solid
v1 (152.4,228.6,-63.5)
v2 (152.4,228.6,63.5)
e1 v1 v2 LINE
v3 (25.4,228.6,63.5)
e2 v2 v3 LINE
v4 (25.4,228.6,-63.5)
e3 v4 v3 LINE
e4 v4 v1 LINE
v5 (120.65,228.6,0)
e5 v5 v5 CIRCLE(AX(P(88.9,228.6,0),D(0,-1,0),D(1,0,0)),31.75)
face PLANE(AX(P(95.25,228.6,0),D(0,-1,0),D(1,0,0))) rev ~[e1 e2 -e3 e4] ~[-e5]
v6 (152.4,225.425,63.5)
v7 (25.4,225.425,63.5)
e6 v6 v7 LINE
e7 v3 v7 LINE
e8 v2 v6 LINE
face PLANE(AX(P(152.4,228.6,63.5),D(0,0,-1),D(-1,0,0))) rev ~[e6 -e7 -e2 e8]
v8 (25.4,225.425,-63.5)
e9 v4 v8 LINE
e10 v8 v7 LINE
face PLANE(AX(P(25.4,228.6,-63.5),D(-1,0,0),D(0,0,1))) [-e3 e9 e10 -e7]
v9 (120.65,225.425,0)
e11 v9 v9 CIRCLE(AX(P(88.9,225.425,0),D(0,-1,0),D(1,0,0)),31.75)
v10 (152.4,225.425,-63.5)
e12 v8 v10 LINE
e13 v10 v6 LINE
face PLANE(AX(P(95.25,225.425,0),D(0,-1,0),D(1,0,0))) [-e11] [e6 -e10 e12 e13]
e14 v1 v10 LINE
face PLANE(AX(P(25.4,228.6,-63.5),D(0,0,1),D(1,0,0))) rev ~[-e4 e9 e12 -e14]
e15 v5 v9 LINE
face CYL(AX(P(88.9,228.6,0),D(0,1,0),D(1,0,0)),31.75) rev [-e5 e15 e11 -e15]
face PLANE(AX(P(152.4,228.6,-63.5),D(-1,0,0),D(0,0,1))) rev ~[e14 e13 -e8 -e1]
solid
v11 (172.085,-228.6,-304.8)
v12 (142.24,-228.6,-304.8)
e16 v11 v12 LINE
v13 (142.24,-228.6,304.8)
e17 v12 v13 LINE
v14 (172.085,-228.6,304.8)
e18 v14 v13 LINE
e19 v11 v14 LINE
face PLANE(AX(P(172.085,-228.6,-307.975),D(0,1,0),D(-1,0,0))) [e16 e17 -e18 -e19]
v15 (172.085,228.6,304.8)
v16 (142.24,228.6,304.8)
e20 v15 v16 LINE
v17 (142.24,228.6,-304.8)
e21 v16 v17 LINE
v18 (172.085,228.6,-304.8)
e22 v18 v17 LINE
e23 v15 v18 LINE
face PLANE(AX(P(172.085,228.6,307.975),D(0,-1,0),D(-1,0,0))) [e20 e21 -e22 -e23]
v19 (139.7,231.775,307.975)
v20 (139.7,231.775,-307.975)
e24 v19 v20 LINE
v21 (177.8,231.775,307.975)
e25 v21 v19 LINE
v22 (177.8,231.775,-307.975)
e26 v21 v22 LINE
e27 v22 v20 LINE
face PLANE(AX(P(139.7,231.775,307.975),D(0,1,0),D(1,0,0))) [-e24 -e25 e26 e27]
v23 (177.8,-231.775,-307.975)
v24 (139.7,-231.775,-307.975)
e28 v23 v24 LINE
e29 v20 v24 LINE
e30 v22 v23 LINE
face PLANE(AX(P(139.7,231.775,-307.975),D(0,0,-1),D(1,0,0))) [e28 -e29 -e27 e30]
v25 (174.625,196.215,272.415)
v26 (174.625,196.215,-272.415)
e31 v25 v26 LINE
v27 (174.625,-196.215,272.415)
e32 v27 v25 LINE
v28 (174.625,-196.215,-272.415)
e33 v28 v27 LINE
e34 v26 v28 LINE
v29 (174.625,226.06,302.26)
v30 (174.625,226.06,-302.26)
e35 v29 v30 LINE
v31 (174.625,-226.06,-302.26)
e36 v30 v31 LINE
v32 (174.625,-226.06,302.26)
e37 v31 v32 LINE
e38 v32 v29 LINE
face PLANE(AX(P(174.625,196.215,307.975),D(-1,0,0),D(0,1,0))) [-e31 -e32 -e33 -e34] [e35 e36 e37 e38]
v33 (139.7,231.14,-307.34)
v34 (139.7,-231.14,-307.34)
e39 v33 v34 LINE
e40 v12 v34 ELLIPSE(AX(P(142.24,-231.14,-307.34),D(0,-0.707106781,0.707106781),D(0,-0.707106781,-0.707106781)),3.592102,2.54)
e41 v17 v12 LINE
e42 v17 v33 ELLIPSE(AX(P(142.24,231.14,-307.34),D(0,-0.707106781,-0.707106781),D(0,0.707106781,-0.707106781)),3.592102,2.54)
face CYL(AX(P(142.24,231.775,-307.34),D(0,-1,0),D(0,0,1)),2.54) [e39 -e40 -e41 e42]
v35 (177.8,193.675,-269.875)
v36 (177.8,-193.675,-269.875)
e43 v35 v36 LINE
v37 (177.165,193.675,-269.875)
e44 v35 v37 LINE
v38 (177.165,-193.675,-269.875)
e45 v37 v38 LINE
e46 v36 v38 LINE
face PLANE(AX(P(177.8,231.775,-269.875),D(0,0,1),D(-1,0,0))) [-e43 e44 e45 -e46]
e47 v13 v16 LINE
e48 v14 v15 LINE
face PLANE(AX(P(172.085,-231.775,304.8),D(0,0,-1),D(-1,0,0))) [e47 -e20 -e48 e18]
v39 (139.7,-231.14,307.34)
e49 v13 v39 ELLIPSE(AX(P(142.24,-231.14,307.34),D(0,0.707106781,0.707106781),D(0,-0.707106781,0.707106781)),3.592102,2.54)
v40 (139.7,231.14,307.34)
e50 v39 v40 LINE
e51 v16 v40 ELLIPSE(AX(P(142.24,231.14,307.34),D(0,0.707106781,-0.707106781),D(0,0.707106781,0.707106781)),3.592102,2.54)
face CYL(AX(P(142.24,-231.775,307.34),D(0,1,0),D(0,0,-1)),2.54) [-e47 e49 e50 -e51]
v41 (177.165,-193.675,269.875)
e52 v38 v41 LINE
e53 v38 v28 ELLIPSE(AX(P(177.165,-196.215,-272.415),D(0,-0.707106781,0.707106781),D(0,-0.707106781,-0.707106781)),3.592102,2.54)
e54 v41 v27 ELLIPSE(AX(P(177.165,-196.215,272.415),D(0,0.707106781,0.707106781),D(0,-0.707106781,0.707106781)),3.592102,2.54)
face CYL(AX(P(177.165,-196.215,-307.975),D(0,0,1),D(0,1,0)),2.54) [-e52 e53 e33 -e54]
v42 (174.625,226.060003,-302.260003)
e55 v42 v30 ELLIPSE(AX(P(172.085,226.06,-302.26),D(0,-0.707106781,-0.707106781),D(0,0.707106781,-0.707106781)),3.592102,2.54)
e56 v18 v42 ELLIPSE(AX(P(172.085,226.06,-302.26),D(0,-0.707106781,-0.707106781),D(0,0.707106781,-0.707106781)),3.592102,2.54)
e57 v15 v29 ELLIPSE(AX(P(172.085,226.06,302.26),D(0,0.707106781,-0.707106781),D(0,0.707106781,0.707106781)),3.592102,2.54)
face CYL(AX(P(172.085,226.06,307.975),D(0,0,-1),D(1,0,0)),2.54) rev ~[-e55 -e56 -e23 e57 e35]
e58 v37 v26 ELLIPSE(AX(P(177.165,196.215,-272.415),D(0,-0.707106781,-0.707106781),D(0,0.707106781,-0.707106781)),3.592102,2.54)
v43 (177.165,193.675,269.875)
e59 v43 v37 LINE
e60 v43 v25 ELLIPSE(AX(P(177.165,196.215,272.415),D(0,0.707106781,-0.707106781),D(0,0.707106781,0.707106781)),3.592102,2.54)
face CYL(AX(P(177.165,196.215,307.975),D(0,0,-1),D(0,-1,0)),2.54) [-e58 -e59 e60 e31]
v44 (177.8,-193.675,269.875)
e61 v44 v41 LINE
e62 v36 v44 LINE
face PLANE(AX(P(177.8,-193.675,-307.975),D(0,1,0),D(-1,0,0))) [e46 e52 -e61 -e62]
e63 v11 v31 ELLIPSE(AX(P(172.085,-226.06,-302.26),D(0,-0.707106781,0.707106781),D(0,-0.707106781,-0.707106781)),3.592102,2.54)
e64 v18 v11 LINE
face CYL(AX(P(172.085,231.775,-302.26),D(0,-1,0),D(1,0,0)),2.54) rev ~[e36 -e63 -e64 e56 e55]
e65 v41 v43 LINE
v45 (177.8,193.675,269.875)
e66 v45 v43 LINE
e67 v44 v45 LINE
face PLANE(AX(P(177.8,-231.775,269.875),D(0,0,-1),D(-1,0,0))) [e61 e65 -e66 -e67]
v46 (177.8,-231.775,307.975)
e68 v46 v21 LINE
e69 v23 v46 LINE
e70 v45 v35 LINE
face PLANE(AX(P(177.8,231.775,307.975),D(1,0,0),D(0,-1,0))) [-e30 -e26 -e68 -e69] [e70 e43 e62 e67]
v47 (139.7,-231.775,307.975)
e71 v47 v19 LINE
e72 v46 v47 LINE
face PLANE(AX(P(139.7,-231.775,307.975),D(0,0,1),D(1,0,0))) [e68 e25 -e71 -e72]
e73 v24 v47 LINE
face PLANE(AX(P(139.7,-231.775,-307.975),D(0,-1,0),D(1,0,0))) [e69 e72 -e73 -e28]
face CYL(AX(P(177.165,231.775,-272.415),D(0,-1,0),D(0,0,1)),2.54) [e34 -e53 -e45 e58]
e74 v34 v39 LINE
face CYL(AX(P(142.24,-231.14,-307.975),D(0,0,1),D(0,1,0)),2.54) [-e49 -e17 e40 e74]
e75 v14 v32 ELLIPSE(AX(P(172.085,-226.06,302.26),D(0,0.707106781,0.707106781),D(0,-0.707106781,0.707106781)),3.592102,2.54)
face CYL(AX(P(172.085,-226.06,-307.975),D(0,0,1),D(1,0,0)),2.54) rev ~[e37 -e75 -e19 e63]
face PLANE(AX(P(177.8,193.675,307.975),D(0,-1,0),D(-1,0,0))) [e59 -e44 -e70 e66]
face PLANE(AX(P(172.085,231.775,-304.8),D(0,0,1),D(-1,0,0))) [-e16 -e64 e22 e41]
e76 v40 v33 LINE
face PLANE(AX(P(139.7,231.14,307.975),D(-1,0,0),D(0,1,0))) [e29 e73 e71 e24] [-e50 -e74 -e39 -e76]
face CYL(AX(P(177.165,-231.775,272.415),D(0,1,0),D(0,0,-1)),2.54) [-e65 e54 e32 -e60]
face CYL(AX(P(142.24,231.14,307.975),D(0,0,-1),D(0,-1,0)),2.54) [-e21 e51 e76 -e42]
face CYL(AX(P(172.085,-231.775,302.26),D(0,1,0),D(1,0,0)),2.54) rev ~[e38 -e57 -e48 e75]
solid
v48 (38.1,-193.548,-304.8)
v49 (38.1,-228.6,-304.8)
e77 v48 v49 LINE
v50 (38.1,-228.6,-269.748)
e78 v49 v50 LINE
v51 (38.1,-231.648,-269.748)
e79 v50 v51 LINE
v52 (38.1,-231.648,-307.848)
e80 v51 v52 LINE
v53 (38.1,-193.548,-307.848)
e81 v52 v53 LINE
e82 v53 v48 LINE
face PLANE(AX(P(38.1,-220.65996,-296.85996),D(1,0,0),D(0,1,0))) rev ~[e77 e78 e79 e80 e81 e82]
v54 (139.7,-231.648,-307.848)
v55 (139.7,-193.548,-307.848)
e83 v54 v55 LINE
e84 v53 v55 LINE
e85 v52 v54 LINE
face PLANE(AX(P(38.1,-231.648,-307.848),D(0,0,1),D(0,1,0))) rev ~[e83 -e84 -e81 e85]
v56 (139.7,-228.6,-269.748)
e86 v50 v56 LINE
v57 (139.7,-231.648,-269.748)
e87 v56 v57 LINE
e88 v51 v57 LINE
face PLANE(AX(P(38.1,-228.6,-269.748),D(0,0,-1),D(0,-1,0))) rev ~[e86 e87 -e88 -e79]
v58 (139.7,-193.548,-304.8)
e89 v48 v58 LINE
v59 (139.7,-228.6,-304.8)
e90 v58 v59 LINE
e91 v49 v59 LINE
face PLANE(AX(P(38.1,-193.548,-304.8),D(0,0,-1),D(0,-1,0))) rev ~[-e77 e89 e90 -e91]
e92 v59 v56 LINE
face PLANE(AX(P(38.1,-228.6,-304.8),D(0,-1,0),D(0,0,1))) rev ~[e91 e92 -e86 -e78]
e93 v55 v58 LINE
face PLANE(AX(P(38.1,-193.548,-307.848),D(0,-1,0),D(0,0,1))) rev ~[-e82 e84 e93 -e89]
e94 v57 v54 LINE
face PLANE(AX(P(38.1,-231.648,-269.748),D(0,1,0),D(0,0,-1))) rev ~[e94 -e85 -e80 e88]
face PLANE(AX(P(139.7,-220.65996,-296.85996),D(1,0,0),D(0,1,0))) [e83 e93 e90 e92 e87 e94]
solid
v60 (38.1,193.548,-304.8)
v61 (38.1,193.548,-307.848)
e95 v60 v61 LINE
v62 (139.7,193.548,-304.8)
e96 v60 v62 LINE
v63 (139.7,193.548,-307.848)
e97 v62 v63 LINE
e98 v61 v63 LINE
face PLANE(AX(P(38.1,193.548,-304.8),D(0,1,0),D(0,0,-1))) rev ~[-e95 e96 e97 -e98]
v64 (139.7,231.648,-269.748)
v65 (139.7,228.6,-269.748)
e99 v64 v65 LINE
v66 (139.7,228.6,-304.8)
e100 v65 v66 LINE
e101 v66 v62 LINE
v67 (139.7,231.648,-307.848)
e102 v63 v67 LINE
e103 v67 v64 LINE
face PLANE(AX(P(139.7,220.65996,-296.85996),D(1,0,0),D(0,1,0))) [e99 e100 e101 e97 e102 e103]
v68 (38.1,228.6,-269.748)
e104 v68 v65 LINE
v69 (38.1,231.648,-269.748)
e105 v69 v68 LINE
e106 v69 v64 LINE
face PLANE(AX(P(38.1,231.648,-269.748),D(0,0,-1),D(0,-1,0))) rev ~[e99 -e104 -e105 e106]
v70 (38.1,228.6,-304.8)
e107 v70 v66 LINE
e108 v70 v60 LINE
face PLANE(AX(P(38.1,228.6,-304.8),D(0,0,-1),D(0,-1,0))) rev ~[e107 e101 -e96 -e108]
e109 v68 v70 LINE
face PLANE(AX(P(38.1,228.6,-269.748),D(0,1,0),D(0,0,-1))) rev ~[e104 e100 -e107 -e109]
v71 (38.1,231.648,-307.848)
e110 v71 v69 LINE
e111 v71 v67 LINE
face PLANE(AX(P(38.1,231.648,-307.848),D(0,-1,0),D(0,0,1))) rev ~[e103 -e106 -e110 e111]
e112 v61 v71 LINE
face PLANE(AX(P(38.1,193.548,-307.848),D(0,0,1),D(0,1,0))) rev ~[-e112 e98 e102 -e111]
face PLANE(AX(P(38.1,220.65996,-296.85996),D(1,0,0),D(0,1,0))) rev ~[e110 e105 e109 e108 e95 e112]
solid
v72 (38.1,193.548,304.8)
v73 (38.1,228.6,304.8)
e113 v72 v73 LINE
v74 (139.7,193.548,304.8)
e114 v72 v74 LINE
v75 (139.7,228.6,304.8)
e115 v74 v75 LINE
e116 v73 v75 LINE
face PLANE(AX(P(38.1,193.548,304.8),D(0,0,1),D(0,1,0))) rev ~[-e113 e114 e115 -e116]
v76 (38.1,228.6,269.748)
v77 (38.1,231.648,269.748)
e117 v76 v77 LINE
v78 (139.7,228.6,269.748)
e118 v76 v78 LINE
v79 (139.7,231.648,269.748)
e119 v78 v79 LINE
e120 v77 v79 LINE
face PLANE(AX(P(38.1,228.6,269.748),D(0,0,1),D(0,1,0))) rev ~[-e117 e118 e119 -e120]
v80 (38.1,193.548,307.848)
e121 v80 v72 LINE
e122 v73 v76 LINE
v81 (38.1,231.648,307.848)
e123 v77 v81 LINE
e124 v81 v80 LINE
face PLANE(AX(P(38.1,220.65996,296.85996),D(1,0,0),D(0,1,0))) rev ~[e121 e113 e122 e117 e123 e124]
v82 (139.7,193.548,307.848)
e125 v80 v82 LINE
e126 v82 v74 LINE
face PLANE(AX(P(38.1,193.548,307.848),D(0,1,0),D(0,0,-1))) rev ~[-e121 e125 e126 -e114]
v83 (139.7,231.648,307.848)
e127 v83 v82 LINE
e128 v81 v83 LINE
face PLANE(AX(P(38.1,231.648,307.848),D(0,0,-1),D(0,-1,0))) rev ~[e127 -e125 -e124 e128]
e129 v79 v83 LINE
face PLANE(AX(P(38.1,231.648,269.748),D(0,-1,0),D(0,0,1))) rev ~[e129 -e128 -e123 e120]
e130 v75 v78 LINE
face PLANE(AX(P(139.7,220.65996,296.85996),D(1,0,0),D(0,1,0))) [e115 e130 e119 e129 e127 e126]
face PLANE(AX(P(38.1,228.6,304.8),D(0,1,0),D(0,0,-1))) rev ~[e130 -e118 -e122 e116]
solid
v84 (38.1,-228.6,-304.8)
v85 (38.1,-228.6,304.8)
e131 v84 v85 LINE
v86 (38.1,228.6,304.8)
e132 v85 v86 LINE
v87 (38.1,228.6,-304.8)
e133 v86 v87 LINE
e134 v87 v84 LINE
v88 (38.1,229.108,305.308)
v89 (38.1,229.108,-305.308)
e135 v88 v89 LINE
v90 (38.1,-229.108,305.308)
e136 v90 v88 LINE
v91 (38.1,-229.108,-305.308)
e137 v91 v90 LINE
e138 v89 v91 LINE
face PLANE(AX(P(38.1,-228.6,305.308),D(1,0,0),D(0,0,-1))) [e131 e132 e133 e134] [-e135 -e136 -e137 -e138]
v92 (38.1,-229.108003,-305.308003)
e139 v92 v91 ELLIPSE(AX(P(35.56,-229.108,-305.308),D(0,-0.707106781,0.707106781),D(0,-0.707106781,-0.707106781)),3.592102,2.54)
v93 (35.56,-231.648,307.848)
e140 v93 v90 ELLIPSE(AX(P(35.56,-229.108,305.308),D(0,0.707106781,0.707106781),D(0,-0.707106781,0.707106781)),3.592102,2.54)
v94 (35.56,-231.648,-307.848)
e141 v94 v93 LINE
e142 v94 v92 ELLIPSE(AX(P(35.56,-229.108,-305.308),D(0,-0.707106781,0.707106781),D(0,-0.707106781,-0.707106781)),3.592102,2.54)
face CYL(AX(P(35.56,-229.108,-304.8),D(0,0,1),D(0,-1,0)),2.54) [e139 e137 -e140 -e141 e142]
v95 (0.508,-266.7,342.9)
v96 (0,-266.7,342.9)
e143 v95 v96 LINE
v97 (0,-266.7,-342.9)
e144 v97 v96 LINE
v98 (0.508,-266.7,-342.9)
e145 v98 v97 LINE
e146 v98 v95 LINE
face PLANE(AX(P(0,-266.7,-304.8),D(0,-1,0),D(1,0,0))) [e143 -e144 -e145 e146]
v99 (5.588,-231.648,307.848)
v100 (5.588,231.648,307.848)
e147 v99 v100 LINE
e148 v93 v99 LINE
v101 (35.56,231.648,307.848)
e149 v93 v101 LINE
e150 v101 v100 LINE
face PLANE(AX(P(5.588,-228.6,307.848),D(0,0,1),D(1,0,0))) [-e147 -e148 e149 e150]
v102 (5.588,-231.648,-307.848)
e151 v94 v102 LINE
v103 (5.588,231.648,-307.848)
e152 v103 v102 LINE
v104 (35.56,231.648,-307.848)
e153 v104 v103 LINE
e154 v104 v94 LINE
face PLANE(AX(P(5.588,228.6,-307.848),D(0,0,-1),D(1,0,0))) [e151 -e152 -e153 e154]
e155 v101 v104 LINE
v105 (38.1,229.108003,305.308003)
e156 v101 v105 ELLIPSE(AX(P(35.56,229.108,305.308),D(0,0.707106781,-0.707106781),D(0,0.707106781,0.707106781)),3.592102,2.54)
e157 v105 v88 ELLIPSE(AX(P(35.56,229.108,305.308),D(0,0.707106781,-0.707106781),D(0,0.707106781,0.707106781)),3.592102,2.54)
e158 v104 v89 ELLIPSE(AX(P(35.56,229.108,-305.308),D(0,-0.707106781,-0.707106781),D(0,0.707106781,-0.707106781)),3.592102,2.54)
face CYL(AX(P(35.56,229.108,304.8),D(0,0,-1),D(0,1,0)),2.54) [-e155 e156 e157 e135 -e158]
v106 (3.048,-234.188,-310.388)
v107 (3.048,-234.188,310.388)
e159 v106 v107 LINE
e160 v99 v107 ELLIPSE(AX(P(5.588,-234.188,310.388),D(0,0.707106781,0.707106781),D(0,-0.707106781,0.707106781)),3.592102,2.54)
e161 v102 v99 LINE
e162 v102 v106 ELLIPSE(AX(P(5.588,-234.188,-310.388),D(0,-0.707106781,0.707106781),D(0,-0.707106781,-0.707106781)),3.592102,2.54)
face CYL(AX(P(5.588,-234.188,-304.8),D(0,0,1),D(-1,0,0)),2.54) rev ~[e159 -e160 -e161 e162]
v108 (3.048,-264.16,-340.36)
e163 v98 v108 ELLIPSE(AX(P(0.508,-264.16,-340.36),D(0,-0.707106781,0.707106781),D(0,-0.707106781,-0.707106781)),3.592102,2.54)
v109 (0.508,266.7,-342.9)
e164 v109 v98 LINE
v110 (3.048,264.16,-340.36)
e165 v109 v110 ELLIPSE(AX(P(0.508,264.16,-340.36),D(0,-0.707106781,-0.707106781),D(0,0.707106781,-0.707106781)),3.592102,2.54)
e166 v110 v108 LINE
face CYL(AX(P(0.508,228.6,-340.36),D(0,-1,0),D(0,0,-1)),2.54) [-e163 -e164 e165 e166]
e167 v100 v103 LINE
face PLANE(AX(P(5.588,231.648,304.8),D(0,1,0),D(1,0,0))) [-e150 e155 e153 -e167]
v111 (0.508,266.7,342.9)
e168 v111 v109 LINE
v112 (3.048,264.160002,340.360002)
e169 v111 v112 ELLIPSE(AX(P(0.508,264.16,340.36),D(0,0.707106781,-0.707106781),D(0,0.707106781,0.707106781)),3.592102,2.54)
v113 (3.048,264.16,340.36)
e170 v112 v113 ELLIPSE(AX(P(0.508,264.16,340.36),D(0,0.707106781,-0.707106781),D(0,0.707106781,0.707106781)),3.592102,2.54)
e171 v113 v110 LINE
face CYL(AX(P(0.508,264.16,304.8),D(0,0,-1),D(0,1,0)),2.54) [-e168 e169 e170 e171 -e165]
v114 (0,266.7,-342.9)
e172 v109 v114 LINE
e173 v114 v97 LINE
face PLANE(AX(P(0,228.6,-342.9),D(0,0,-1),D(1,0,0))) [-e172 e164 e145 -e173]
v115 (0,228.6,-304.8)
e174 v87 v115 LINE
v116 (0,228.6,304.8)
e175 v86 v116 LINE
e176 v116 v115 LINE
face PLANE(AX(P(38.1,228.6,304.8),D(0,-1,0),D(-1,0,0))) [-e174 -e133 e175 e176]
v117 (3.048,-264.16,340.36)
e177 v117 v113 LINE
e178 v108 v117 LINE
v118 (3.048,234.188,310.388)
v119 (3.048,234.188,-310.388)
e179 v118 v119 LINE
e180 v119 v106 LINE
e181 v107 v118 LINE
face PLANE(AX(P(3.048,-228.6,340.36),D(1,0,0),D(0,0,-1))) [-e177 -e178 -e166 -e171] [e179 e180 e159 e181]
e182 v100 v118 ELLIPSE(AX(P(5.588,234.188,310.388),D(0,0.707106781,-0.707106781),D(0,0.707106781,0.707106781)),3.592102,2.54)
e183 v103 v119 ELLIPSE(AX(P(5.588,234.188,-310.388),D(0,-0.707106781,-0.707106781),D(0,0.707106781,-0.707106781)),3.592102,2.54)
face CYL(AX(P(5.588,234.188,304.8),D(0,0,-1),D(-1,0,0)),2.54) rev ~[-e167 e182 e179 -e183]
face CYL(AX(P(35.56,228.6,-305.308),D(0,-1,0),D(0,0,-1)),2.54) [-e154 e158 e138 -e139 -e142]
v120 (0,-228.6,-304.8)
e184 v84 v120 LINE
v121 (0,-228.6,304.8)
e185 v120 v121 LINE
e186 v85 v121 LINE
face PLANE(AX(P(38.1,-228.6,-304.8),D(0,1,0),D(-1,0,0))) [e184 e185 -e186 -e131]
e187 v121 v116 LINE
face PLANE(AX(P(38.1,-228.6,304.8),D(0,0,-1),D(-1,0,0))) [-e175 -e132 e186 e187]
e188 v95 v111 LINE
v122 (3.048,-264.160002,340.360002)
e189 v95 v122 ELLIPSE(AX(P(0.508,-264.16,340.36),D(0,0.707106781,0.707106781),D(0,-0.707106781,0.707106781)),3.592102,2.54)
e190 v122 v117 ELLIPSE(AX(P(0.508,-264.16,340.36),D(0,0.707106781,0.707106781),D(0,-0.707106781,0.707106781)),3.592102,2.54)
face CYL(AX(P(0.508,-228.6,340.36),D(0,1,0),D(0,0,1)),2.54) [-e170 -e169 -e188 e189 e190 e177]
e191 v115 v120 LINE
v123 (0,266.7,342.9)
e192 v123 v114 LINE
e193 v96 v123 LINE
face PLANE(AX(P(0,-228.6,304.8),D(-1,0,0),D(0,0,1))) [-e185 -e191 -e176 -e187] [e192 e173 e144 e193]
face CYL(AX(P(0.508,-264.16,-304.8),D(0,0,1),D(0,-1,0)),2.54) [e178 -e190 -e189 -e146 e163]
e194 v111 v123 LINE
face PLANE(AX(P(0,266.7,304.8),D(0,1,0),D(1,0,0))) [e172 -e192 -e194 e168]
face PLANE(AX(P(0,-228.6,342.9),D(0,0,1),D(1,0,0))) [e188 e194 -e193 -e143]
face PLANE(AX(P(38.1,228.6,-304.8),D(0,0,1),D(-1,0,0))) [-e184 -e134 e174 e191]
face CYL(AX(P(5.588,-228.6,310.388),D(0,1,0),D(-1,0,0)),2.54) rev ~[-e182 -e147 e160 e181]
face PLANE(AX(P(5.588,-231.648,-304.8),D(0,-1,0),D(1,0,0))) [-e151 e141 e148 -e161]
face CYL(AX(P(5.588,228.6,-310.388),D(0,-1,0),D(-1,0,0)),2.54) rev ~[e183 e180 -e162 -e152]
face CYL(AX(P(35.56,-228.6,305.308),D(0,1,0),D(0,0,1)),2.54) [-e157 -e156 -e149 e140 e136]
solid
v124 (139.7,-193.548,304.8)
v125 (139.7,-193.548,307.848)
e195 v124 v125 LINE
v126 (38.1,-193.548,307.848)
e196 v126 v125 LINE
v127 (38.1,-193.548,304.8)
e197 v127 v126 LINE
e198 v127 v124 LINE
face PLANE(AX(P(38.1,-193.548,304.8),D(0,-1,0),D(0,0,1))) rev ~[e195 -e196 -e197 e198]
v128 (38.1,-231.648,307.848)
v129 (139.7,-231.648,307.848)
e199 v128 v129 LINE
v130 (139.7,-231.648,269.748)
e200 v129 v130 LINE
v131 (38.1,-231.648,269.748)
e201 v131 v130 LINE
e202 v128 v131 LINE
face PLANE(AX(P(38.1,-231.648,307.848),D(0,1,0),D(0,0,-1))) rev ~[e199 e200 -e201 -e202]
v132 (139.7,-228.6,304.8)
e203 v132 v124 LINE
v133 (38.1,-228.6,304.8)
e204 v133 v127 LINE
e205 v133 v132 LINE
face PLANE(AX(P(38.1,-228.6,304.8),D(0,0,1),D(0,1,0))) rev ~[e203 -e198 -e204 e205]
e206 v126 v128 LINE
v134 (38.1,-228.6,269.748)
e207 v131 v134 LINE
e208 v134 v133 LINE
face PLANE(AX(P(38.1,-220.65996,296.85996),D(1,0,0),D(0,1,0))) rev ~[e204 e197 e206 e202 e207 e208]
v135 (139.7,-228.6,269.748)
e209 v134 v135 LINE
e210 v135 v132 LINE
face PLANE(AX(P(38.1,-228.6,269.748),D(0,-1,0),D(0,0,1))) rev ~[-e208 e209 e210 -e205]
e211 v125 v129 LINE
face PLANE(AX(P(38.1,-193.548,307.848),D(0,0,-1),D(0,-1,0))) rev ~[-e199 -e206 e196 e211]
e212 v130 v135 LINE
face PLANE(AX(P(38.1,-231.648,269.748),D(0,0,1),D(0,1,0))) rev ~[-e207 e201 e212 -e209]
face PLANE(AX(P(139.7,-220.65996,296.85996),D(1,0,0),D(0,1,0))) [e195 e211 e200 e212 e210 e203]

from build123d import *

# Parameters (mm, degrees)
F9_DEPTH  = 101.6
F10_W     = 114.3
F10_H     = 127
F10_R     = 31.75
F10_W_2   = 12.7
F11_DEPTH = 3.175


with BuildPart() as f2:
    # F2: sweep along a path in F0
    with BuildLine(Plane.YZ) as f2_path:
        Line((-228.6, 304.8), (228.6, 304.8))
        Line((228.6, 304.8), (228.6, -304.8))
        Line((228.6, -304.8), (-228.6, -304.8))
        Line((-228.6, -304.8), (-228.6, 304.8))
    # F1 (on Front) → F2 (sweep)
    with BuildSketch(Plane.XZ):
        with BuildLine():
            Line((38.1, -304.8), (0, -304.8))
            Line((0, -304.8), (0, -342.9))
            Line((0, -342.9), (0.508, -342.9))
            ThreePointArc((0.508, -342.9), (2.3040512242, -342.1560512242), (3.048, -340.36))
            Line((3.048, -340.36), (3.048, -310.388))
            ThreePointArc((3.048, -310.388), (3.7919487758, -308.5919487758), (5.588, -307.848))
            Line((5.588, -307.848), (35.56, -307.848))
            ThreePointArc((35.56, -307.848), (37.3560512242, -307.1040512242), (38.1, -305.308))
            Line((38.1, -305.308), (38.1, -304.8))
        make_face()
    sweep(path=f2_path.line, transition=Transition.RIGHT)


with BuildPart() as f6:
    # F6: sweep along a path in F4
    with BuildLine(Plane.YZ.offset(177.8)) as f6_path:
        Line((231.775, 307.975), (231.775, -307.975))
        Line((231.775, -307.975), (-231.775, -307.975))
        Line((-231.775, -307.975), (-231.775, 307.975))
        Line((-231.775, 307.975), (231.775, 307.975))
    # F5 (on Front) → F6 (sweep)
    with BuildSketch(Plane.XZ):
        with BuildLine():
            Line((139.7, -307.975), (177.8, -307.975))
            Line((177.8, -307.975), (177.8, -269.875))
            Line((177.8, -269.875), (177.165, -269.875))
            ThreePointArc((177.165, -269.875), (175.3689487758, -270.6189487758), (174.625, -272.415))
            Line((174.625, -272.415), (174.625, -302.26))
            ThreePointArc((174.625, -302.26), (173.8810512242, -304.0560512242), (172.085, -304.8))
            Line((172.085, -304.8), (142.24, -304.8))
            ThreePointArc((142.24, -304.8), (140.4439487758, -305.5439487758), (139.7, -307.34))
            Line((139.7, -307.34), (139.7, -307.975))
        make_face()
    sweep(path=f6_path.line, transition=Transition.RIGHT)


with BuildPart() as f9:
    # F8 (on offset) → F9 (new body)
    with BuildSketch(Plane.YZ.offset(38.1)):
        Polygon((-193.548, -304.8), (-228.6, -304.8), (-228.6, -269.748), (-231.648, -269.748), (-231.648, -307.848), (-193.548, -307.848), align=None)
    extrude(amount=F9_DEPTH)


with BuildPart() as f9b:
    # F8 (on offset) → F9, piece 2 (new body)
    with BuildSketch(Plane.YZ.offset(38.1)):
        Polygon((-228.6, 269.748), (-228.6, 304.8), (-193.548, 304.8), (-193.548, 307.848), (-231.648, 307.848), (-231.648, 269.748), align=None)
    extrude(amount=F9_DEPTH)


with BuildPart() as f9c:
    # F8 (on offset) → F9, piece 3 (new body)
    with BuildSketch(Plane.YZ.offset(38.1)):
        Polygon((228.6, -269.748), (228.6, -304.8), (193.548, -304.8), (193.548, -307.848), (231.648, -307.848), (231.648, -269.748), align=None)
    extrude(amount=F9_DEPTH)


with BuildPart() as f9d:
    # F8 (on offset) → F9, piece 4 (new body)
    with BuildSketch(Plane.YZ.offset(38.1)):
        Polygon((193.548, 304.8), (228.6, 304.8), (228.6, 269.748), (231.648, 269.748), (231.648, 307.848), (193.548, 307.848), align=None)
    extrude(amount=F9_DEPTH)


with BuildPart() as f11:
    # F10 (on face) → F11 (new body)
    with BuildSketch(Plane.XZ.offset(-228.6)):
        with Locations((95.25, 0)):
            Rectangle(F10_W, F10_H)
        with Locations((88.9, 0)):
            Circle(F10_R, mode=Mode.SUBTRACT)
        with Locations((31.75, 0)):
            Rectangle(F10_W_2, F10_H)
    extrude(amount=F11_DEPTH)


solid = Compound([f2.part, f6.part, f9.part, f9b.part, f9c.part, f9d.part, f11.part])
